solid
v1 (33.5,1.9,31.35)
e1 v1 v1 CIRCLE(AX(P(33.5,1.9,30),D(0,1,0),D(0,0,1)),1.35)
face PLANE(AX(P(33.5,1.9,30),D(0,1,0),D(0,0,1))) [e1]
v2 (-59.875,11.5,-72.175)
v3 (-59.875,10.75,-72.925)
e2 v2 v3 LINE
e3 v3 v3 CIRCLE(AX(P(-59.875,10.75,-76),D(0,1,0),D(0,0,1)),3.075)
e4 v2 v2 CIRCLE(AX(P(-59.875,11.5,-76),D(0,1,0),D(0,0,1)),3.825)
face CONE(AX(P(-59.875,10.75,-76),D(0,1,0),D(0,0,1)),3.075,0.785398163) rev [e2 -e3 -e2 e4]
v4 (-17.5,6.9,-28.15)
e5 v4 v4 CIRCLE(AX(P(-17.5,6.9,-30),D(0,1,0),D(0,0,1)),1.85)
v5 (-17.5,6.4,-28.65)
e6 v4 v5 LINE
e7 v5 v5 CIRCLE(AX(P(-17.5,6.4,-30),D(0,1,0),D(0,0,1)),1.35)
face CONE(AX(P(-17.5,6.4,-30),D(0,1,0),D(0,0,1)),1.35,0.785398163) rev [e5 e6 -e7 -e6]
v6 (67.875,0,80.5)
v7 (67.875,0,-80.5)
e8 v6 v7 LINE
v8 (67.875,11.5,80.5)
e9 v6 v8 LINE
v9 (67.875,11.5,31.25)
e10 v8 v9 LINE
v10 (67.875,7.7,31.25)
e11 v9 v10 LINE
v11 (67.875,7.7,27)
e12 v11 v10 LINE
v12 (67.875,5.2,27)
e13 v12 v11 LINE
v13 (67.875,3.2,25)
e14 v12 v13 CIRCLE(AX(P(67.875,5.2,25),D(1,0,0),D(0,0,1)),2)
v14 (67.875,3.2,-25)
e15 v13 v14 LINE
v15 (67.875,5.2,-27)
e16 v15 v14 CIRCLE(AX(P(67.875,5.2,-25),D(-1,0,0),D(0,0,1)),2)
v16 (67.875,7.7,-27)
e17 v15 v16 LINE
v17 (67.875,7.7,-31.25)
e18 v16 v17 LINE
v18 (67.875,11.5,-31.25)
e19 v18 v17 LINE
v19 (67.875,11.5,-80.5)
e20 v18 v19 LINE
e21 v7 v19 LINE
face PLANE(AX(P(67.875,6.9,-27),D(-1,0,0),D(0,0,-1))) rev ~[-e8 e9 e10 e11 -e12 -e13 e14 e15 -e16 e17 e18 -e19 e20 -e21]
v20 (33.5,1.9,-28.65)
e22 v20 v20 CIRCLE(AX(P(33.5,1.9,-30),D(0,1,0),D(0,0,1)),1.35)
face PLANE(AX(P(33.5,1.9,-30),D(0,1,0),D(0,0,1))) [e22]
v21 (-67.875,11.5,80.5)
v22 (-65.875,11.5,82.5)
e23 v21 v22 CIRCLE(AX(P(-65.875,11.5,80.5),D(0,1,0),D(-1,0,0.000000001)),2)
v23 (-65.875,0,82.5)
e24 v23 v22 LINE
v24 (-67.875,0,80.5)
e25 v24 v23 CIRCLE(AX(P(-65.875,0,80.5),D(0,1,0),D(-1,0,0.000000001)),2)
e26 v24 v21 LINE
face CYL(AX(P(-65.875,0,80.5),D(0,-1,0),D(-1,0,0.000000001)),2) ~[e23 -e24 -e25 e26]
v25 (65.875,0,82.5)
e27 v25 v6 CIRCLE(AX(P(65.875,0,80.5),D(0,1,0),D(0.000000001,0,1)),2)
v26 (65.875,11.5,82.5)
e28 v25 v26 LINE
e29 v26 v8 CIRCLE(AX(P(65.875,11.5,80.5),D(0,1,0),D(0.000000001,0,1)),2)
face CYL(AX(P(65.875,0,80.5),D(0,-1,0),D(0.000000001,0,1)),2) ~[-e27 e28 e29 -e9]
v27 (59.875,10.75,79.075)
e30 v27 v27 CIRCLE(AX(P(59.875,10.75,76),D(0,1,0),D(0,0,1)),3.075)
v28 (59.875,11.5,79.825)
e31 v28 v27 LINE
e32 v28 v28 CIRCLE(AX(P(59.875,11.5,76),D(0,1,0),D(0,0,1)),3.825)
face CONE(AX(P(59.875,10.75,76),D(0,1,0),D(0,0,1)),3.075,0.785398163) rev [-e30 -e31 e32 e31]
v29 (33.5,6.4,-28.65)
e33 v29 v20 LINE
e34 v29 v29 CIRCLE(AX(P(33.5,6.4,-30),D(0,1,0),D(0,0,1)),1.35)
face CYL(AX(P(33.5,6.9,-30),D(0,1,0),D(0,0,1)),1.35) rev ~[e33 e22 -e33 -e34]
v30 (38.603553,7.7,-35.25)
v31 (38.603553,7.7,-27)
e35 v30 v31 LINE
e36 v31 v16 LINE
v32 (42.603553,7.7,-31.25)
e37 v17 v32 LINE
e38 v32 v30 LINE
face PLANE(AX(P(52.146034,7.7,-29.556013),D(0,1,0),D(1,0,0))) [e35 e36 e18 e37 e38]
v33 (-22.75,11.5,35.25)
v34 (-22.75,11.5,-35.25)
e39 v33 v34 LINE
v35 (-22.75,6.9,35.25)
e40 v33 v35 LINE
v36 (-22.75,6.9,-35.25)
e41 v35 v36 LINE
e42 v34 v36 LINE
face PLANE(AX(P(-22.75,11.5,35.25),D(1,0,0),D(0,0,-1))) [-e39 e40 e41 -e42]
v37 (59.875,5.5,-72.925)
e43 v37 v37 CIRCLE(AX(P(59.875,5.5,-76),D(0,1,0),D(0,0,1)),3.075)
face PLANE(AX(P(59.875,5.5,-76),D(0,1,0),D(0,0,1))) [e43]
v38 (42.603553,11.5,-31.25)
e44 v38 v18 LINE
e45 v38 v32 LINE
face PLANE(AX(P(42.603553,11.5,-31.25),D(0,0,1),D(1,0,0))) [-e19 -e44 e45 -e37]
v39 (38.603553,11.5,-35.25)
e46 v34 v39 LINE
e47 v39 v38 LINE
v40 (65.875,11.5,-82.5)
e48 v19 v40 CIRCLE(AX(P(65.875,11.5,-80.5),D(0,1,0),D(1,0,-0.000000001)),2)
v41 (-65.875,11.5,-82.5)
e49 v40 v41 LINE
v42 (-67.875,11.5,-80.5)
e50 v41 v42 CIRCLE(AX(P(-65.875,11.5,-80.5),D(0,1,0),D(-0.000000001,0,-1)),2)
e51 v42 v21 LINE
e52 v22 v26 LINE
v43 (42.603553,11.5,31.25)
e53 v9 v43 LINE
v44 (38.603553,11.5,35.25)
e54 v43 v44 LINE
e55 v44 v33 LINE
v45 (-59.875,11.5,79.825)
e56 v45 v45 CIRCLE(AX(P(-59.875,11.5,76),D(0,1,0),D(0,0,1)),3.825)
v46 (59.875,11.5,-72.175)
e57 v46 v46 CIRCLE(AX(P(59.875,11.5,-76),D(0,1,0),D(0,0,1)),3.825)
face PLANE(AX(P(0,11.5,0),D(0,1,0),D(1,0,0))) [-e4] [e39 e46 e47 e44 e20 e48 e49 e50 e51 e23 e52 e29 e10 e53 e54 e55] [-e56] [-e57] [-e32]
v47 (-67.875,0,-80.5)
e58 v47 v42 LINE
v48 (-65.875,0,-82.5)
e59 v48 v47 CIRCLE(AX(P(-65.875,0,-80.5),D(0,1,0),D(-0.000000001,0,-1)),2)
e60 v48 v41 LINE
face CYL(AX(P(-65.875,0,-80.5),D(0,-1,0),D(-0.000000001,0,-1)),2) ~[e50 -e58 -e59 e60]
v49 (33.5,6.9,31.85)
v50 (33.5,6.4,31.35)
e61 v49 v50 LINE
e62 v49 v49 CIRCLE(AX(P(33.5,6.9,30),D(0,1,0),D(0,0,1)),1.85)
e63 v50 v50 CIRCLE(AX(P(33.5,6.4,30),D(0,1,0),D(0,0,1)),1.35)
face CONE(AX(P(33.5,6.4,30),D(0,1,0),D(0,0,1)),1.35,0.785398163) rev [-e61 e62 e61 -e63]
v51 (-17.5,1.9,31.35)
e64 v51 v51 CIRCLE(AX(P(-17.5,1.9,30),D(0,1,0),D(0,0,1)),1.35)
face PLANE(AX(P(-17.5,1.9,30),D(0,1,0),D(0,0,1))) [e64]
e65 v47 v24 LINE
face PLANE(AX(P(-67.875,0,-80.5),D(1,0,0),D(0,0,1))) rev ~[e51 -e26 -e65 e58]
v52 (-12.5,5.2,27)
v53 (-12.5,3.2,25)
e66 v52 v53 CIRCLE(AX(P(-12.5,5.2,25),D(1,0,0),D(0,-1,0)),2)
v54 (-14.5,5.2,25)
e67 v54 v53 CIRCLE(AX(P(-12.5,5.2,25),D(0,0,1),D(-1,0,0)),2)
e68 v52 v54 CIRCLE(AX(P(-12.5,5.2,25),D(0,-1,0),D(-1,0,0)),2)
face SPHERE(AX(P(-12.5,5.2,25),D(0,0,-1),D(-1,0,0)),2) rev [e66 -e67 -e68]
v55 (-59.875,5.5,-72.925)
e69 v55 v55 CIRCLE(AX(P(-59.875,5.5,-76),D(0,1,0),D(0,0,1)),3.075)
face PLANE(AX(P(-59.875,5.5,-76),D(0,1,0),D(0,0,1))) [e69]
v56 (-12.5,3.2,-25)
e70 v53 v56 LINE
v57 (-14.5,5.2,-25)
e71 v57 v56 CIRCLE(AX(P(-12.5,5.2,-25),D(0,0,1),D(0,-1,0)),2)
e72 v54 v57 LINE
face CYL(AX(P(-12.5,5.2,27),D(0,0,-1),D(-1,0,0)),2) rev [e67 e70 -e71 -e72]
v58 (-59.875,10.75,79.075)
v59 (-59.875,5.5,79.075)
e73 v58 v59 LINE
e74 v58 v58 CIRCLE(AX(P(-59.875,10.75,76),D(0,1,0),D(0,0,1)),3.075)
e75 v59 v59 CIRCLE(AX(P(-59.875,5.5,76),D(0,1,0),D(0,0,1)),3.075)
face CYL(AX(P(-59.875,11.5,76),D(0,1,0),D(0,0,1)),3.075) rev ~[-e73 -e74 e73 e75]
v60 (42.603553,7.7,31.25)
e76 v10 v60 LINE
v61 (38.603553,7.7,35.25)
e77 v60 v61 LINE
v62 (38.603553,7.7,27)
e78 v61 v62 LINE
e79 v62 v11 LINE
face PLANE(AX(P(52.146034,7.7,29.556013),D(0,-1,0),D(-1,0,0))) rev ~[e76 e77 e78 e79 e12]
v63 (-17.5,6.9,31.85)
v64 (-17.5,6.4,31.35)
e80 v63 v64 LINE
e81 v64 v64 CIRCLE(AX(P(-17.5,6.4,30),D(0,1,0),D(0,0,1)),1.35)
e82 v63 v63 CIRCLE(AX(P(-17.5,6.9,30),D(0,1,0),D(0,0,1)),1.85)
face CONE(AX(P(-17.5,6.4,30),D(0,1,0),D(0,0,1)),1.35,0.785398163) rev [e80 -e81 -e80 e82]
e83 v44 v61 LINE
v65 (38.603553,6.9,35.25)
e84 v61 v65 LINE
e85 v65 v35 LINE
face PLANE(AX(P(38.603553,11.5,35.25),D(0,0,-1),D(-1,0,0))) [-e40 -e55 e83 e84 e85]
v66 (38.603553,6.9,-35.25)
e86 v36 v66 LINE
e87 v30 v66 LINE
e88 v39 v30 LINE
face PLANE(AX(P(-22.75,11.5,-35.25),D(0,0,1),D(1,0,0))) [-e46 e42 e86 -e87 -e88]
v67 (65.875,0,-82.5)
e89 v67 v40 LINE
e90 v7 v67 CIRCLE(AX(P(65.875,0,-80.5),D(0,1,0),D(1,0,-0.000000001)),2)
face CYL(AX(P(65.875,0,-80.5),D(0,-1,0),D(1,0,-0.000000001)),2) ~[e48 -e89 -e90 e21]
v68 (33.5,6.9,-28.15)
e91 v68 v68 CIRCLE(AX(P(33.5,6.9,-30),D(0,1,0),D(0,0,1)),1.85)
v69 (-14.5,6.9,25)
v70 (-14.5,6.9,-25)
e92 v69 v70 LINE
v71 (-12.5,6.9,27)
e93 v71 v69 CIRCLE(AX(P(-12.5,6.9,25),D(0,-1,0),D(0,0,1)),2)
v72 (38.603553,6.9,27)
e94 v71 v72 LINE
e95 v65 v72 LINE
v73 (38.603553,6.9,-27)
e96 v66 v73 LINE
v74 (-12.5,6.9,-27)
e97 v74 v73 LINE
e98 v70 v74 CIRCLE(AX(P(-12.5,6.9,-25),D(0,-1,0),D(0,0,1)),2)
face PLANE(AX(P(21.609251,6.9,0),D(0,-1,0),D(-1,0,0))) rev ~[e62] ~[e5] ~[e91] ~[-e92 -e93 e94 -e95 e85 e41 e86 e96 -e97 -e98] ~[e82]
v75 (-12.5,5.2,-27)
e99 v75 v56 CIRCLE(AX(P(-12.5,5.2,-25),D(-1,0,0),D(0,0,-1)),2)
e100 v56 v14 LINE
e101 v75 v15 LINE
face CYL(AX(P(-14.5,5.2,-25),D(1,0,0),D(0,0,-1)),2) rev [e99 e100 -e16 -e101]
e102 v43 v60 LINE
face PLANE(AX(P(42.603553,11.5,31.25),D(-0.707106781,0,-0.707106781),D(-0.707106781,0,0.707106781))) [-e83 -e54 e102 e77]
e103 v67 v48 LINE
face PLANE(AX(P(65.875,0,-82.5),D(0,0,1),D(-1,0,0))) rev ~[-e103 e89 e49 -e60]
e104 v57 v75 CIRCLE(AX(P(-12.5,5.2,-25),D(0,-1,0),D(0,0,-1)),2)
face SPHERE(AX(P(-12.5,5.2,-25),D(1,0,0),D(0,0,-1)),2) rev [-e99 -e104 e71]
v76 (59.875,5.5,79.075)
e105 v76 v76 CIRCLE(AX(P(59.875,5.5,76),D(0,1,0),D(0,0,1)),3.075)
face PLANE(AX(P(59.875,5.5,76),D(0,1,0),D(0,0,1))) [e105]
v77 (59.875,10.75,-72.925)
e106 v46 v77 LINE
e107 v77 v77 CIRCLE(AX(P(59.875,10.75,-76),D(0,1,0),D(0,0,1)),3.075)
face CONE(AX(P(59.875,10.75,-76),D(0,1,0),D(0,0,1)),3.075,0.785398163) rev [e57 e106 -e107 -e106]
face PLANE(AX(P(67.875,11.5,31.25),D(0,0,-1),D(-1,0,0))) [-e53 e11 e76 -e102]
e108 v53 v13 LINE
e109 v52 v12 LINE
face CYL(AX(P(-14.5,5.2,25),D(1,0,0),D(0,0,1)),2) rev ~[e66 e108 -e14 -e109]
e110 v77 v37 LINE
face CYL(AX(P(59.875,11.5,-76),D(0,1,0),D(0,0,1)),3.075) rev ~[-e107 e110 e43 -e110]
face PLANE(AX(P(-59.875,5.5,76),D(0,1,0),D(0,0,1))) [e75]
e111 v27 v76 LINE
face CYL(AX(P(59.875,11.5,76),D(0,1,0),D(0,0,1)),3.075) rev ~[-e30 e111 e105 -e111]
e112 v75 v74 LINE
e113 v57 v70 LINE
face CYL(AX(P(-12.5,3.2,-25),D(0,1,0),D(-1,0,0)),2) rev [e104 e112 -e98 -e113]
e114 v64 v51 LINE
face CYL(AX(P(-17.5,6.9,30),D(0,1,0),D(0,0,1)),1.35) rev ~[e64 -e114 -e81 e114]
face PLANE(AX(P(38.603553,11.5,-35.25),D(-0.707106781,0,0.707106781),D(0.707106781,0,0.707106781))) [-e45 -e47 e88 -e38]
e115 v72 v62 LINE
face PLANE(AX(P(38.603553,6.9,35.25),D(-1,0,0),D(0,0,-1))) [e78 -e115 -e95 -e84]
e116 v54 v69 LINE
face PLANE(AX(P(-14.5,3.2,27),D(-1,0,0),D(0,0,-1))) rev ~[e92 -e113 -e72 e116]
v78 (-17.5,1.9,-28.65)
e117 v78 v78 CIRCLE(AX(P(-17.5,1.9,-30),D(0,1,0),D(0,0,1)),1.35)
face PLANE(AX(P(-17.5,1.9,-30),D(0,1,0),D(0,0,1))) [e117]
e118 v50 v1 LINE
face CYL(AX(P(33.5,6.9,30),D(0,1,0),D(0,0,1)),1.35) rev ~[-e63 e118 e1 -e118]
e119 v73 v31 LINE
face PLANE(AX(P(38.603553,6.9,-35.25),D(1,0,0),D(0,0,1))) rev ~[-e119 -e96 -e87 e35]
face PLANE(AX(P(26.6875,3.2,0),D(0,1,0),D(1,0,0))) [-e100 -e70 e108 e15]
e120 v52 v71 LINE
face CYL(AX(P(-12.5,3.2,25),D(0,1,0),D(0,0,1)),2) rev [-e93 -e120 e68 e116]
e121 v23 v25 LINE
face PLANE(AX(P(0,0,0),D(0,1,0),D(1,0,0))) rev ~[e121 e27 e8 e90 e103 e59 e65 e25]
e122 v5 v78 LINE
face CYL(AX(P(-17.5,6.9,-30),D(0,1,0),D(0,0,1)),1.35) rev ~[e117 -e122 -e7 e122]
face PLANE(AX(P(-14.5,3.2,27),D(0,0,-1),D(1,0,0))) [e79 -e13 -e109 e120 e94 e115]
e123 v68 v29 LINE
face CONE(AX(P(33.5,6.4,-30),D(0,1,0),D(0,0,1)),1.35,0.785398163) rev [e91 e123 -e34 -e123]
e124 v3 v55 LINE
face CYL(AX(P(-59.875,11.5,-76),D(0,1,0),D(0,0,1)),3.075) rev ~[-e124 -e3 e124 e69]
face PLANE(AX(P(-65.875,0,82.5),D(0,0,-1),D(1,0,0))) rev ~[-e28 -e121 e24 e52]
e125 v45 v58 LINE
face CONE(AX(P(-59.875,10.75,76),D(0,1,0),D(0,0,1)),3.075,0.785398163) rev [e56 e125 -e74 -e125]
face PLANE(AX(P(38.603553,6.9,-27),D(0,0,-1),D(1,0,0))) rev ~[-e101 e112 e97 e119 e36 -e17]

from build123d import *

# Parameters (mm, degrees)
BOSS_EXTRUDE1_DEPTH     = 11.5
SKETCH4_R               = 3.075
CUT_EXTRUDE1_DEPTH      = 6
CUT_EXTRUDE6_DEPTH      = 4.6
CUT_EXTRUDE3_DEPTH      = 108.055479192
CUT_EXTRUDE3_DEPTH_BACK = 3.7
SKETCH24_W              = 82.375
SKETCH24_H              = 54
SKETCH25_R              = 1.35
CUT_EXTRUDE4_DEPTH      = 5
CHAMFER4_SIZE           = 0.5
FILLET1_R               = 2
BOSS_EXTRUDE2_DEPTH     = 0.8
CHAMFER5_SIZE           = 0.75


with BuildPart() as part:
    # Sketch1 → Boss-Extrude1 (new body)
    with BuildSketch(Plane(origin=(0, 0, 0), x_dir=(1, 0, 0), z_dir=(0, 1, 0))):
        with BuildLine():
            Line((-67.875, 67.5), (-67.875, -67.5))
            Line((-67.875, -67.5), (-67.875, -80.5))
            ThreePointArc((-67.875, -80.5), (-67.289213562, -81.914213562), (-65.875, -82.5))
            Line((-65.875, -82.5), (65.875, -82.5))
            ThreePointArc((65.875, -82.5), (67.289213562, -81.914213562), (67.875, -80.5))
            Line((67.875, -80.5), (67.875, -67.5))
            Line((67.875, -67.5), (67.875, 67.5))
            Line((67.875, 67.5), (67.875, 80.5))
            ThreePointArc((67.875, 80.5), (67.289213562, 81.914213562), (65.875, 82.5))
            Line((65.875, 82.5), (-65.875, 82.5))
            ThreePointArc((-65.875, 82.5), (-67.289213562, 81.914213562), (-67.875, 80.5))
            Line((-67.875, 80.5), (-67.875, 67.5))
        make_face()
    extrude(amount=BOSS_EXTRUDE1_DEPTH)

    # Sketch4 → Cut-Extrude1 (cut)
    with BuildSketch(Plane(origin=(0, 11.5, 0), x_dir=(1, 0, 0), z_dir=(0, 1, 0))):
        with Locations(Location((-59.875, -76, 0), (0, 0, 270))):
            Circle(SKETCH4_R)
        with Locations(Location((59.875, -76, 0), (0, 0, 270))):
            Circle(SKETCH4_R)
        with Locations(Location((59.875, 76, 0), (0, 0, 270))):
            Circle(SKETCH4_R)
        with Locations(Location((-59.875, 76, 0), (0, 0, 270))):
            Circle(SKETCH4_R)
    extrude(amount=-CUT_EXTRUDE1_DEPTH, mode=Mode.SUBTRACT)

    # Sketch21 → Cut-Extrude6 (cut)
    with BuildSketch(Plane(origin=(0, 11.5, 0), x_dir=(1, 0, 0), z_dir=(0, 1, 0))):
        Polygon((67.875, 31), (67.875, -31), (67.875, -31.25), (42.603553391, -31.25), (38.603553391, -35.25), (-22.75, -35.25), (-22.75, 35.25), (38.603553391, 35.25), (42.603553391, 31.25), (67.875, 31.25), align=None)
    extrude(amount=-CUT_EXTRUDE6_DEPTH, mode=Mode.SUBTRACT)

    # Sketch24 → Cut-Extrude3 (cut, two sides: drawn at the far end of the back side and taken through both)
    with BuildSketch(Plane(origin=(0, 6.9, 0), x_dir=(1, 0, 0), z_dir=(0, 1, 0)).offset(-CUT_EXTRUDE3_DEPTH_BACK)):
        with Locations((26.6875, 0)):
            Rectangle(SKETCH24_W, SKETCH24_H)
    extrude(amount=CUT_EXTRUDE3_DEPTH + CUT_EXTRUDE3_DEPTH_BACK, mode=Mode.SUBTRACT)

    # Sketch25 → Cut-Extrude4 (cut)
    with BuildSketch(Plane(origin=(0, 6.9, 0), x_dir=(1, 0, 0), z_dir=(0, 1, 0))):
        with Locations(Location((33.5, 30, 0), (0, 0, 270))):
            Circle(SKETCH25_R)
        with Locations(Location((-17.5, 30, 0), (0, 0, 270))):
            Circle(SKETCH25_R)
        with Locations(Location((33.5, -30, 0), (0, 0, 270))):
            Circle(SKETCH25_R)
        with Locations(Location((-17.5, -30, 0), (0, 0, 270))):
            Circle(SKETCH25_R)
    extrude(amount=-CUT_EXTRUDE4_DEPTH, mode=Mode.SUBTRACT)

    # Chamfer4
    chamfer4_edges = [part.edges().sort_by_distance(p)[0] for p in [
        (-17.5, 6.9, -31.35),
        (33.5, 6.9, 28.65),
        (-17.5, 6.9, 28.65),
        (33.5, 6.9, -31.35),
    ]]
    chamfer(chamfer4_edges, length=CHAMFER4_SIZE)

    # Fillet1
    fillet1_edges = [part.edges().sort_by_distance(p)[0] for p in [
        (26.6875, 3.2, -27),
        (-14.5, 5.05, -27),
        (-14.5, 3.2, 0),
        (-14.5, 5.05, 27),
        (26.6875, 3.2, 27),
    ]]
    fillet(fillet1_edges, radius=FILLET1_R)

    # Sketch26 → Boss-Extrude2 (add)
    with BuildSketch(Plane(origin=(0, 6.9, 0), x_dir=(1, 0, 0), z_dir=(0, 1, 0))):
        Polygon((38.603553391, 35.25), (38.603553391, 27), (67.875, 27), (67.875, 31.25), (42.603553391, 31.25), align=None)
        Polygon((42.603553391, -31.25), (38.603553391, -35.25), (38.603553391, -27), (67.875, -27), (67.875, -31.25), align=None)
    extrude(amount=BOSS_EXTRUDE2_DEPTH)

    # Chamfer5
    chamfer5_edges = [part.edges().sort_by_distance(p)[0] for p in [
        (-59.875, 11.5, -79.075),
        (59.875, 11.5, -79.075),
        (59.875, 11.5, 72.925),
        (-59.875, 11.5, 72.925),
    ]]
    chamfer(chamfer5_edges, length=CHAMFER5_SIZE)


solid = part.part
